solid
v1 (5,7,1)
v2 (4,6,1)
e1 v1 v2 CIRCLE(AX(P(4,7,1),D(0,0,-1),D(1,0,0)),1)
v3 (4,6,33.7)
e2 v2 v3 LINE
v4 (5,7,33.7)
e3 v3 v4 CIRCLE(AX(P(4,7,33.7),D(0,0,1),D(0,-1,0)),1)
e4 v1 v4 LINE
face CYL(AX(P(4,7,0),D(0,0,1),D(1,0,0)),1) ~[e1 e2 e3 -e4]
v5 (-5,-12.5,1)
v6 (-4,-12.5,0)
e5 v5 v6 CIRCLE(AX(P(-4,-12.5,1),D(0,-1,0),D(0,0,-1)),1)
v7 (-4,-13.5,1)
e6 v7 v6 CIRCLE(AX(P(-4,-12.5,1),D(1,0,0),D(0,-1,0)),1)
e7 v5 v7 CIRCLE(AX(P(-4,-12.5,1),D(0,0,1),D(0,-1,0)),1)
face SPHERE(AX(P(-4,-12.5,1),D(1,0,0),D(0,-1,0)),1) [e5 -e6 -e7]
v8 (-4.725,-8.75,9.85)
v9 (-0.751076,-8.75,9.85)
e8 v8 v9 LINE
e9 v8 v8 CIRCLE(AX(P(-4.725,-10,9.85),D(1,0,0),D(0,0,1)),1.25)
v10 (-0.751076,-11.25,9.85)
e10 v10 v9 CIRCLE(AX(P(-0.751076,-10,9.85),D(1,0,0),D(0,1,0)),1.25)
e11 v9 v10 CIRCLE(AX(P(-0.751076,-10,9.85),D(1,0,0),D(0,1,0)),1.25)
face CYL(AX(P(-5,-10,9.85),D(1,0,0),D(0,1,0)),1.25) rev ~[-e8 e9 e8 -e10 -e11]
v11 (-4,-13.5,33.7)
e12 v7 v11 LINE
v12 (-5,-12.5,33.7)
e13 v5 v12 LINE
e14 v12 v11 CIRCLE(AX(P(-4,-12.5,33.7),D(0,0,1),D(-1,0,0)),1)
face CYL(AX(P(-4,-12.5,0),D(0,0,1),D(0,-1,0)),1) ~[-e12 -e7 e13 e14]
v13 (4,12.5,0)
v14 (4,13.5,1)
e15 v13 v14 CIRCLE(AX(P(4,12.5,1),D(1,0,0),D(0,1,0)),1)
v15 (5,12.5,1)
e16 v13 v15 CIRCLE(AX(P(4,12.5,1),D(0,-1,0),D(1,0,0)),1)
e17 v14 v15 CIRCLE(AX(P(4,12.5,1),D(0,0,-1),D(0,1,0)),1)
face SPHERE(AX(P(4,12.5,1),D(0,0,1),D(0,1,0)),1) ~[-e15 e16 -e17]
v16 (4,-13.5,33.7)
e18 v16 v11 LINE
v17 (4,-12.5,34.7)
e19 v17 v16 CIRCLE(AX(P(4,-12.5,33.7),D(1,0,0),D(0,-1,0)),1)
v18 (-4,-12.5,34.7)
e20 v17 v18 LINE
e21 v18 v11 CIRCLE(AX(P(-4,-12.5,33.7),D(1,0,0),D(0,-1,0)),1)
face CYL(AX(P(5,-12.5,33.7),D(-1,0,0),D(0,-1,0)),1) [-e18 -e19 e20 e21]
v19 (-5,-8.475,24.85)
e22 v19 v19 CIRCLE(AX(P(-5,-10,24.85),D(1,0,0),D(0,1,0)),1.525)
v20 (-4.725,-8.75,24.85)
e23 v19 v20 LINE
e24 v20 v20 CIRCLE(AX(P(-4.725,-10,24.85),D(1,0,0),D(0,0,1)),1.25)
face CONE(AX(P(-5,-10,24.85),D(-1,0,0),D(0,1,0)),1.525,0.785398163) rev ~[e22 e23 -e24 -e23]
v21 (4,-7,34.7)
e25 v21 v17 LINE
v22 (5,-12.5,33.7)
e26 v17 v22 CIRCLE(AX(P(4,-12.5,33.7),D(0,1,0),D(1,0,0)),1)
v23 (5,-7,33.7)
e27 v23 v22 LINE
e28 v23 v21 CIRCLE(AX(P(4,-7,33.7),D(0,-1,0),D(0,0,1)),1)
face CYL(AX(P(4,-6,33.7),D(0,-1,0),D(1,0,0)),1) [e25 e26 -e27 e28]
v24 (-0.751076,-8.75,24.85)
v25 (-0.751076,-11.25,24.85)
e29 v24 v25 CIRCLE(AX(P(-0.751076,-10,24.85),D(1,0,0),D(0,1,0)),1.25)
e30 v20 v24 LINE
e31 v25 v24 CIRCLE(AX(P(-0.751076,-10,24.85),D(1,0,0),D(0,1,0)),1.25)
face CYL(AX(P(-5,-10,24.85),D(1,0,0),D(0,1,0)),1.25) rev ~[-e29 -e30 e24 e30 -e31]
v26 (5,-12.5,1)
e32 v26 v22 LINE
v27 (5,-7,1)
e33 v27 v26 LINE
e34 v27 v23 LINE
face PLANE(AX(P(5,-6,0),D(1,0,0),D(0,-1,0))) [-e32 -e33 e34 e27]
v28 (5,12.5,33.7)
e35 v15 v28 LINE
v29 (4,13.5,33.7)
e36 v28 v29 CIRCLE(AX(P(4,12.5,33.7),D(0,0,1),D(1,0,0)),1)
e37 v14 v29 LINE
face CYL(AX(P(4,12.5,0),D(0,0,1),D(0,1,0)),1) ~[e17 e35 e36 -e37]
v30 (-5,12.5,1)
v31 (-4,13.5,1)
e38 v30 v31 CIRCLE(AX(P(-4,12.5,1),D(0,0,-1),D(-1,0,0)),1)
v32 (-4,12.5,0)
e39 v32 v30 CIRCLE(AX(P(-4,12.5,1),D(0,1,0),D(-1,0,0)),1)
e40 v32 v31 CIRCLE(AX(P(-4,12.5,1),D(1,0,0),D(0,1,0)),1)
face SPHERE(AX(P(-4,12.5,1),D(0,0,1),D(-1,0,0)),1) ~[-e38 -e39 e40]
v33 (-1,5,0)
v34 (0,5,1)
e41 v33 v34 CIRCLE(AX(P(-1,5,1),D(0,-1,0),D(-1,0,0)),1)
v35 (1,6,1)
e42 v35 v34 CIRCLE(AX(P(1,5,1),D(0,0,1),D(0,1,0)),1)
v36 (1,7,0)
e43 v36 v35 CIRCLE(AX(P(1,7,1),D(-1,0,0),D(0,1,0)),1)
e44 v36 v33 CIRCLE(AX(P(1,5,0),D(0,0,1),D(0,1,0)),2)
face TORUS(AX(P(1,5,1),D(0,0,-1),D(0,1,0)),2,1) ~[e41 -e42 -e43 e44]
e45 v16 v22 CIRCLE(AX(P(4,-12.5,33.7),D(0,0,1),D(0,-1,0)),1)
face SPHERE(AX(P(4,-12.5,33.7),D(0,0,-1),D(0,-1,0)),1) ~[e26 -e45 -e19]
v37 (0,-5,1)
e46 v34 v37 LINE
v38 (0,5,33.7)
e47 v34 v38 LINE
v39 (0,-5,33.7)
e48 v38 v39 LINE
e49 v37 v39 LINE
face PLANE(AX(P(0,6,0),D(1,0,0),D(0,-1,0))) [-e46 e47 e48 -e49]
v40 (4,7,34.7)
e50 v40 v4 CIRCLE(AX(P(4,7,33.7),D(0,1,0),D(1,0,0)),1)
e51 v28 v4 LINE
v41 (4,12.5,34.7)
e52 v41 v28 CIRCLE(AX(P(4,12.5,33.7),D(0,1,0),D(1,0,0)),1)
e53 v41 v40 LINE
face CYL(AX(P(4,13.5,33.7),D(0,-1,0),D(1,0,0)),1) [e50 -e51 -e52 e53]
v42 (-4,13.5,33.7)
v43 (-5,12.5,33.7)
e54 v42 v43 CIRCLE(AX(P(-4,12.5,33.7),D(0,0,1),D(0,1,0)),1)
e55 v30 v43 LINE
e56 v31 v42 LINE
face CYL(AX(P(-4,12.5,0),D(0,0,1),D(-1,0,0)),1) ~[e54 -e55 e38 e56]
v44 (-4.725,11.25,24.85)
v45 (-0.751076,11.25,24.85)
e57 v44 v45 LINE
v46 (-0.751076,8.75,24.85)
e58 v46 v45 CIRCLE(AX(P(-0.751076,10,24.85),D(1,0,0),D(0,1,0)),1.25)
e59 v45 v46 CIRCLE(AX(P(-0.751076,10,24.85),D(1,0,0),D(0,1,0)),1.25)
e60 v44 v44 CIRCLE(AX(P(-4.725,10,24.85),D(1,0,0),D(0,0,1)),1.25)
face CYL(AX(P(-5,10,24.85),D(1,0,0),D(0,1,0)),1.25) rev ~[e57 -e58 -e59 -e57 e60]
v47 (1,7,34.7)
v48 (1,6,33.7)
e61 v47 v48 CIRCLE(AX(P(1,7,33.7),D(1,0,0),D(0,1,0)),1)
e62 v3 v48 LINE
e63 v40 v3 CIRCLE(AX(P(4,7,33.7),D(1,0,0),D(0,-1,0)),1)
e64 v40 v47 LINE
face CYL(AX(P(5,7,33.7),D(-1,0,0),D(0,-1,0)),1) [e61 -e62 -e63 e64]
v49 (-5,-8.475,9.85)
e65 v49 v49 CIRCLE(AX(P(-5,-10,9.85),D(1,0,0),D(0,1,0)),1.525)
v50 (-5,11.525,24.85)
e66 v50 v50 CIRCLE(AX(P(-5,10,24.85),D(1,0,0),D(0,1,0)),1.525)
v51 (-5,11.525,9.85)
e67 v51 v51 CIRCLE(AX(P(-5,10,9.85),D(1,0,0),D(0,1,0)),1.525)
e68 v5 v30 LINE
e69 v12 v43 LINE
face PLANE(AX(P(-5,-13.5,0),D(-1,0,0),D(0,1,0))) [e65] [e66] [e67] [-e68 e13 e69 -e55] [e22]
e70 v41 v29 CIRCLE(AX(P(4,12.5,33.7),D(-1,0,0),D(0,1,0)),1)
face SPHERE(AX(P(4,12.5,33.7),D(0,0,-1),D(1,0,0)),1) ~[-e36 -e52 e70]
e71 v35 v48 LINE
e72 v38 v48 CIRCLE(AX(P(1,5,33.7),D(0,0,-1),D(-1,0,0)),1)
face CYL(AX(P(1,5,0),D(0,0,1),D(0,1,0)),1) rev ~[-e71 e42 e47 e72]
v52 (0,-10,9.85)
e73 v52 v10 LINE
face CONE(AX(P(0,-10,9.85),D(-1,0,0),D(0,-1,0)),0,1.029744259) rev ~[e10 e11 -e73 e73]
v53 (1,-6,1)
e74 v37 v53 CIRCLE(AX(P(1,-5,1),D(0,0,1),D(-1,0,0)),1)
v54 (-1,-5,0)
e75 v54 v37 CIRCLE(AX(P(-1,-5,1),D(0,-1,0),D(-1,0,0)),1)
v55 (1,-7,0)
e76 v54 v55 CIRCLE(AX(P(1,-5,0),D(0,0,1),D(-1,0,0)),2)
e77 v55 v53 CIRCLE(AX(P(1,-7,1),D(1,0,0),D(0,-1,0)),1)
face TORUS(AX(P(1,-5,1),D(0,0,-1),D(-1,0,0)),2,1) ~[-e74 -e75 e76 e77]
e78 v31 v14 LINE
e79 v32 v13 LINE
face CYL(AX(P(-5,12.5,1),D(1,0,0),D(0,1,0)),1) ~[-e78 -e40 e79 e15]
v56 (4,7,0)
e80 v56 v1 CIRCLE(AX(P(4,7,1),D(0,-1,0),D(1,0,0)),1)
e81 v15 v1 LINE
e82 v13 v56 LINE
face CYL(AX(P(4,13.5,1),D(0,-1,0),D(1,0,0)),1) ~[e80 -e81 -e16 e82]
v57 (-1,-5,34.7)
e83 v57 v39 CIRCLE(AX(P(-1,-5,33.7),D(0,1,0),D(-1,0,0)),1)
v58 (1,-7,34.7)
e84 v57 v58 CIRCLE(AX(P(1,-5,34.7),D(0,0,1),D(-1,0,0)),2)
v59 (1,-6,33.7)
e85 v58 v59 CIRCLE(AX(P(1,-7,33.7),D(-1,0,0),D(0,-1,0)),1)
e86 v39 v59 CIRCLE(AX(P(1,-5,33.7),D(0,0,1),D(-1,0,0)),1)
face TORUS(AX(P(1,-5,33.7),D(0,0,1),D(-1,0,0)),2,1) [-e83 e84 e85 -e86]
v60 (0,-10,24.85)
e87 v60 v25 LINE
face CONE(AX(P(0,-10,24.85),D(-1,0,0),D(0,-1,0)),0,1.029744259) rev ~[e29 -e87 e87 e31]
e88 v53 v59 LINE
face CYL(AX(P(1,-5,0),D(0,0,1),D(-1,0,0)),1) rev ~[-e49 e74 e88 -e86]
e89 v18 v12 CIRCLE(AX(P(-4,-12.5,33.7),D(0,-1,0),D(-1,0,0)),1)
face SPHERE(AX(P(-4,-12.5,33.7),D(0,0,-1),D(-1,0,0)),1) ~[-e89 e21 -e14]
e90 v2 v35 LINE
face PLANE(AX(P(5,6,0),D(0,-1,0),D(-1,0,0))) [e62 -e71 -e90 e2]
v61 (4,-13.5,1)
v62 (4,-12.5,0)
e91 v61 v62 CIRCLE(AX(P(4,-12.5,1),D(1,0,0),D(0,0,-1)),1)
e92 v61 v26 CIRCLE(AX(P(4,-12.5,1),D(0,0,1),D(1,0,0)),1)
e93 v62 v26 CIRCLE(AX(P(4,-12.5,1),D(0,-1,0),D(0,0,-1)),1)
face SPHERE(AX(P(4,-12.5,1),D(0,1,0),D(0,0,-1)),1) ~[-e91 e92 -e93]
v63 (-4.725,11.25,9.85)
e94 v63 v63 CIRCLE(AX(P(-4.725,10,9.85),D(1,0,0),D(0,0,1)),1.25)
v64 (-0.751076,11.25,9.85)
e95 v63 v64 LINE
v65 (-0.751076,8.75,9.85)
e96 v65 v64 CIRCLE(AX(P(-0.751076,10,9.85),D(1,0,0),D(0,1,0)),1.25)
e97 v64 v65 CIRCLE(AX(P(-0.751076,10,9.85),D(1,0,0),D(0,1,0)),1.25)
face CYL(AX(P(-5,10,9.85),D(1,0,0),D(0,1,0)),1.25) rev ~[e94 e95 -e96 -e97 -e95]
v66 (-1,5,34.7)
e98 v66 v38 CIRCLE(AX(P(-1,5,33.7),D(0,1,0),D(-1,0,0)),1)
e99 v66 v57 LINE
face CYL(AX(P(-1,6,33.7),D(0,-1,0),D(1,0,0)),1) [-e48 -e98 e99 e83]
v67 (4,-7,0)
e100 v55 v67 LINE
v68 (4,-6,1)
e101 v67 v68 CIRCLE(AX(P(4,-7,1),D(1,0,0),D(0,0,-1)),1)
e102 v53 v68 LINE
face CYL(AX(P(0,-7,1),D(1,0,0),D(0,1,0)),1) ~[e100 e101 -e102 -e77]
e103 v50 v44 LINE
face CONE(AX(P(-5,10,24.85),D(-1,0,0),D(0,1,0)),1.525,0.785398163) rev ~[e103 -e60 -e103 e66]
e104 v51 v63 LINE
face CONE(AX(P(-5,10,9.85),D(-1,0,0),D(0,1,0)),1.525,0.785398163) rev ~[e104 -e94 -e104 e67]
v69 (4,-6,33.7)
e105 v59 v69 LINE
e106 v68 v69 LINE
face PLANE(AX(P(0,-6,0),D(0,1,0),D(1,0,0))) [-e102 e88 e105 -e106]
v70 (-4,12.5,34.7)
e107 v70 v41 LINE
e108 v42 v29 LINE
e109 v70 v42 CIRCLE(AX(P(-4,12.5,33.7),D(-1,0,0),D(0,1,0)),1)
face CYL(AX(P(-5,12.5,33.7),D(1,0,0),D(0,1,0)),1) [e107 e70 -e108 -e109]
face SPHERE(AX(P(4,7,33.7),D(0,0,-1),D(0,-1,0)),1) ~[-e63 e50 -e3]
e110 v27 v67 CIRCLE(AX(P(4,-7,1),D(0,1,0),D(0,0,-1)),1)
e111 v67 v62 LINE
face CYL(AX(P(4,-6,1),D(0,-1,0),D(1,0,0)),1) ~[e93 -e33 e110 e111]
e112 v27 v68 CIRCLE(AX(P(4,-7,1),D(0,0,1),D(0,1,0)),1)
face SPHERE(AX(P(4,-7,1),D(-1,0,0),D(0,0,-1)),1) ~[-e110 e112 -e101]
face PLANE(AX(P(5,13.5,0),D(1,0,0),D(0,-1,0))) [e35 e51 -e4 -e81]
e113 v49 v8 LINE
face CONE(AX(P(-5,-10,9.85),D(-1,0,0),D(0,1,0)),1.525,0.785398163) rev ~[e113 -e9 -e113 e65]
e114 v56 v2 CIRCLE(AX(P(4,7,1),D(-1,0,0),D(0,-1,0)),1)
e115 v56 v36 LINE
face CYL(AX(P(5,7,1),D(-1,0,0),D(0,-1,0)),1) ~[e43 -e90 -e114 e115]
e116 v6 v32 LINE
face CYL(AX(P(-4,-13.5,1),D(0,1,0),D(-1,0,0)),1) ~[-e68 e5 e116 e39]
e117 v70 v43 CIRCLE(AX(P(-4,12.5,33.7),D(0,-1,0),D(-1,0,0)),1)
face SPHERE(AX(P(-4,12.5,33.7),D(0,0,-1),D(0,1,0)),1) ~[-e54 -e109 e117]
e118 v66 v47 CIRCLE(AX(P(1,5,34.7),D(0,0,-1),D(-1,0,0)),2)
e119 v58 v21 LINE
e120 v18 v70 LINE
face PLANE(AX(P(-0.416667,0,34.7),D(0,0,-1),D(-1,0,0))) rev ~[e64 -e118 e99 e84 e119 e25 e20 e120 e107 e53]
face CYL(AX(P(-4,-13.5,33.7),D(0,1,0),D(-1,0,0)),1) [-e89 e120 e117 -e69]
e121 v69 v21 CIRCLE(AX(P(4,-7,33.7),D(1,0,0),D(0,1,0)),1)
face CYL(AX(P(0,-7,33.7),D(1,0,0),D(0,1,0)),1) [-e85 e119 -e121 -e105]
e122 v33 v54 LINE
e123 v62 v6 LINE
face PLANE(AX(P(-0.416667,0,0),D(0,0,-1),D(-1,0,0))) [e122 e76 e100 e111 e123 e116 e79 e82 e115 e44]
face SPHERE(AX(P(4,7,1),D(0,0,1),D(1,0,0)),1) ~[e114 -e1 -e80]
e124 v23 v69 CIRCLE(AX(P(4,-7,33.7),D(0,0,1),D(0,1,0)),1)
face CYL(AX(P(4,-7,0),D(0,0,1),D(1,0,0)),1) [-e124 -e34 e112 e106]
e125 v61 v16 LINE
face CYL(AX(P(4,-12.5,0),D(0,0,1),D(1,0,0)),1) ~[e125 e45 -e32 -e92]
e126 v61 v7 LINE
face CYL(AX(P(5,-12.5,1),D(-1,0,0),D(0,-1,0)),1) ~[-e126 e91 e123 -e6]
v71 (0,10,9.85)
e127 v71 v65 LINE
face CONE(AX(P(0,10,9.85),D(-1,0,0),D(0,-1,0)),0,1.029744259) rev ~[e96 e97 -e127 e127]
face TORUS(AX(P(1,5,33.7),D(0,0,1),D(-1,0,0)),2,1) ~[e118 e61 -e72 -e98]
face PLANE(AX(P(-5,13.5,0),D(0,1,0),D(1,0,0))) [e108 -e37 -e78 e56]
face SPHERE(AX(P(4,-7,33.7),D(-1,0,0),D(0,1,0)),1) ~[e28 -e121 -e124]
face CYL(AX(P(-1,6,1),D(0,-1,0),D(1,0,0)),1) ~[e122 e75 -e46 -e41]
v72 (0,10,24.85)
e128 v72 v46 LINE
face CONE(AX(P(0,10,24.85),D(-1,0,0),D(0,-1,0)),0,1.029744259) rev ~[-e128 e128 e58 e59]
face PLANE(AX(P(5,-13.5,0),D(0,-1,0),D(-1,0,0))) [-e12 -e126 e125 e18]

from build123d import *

# Parameters (mm, degrees)
BOSS_EXTRUDE1_DEPTH         = 34.7
FILLET1_R                   = 1
M3_TAPPED_HOLE2_D           = 2.5
M3_TAPPED_HOLE2_DEPTH       = 4.248924226
M3_TAPPED_HOLE2_CSINK_D     = 3.05
M3_TAPPED_HOLE2_CSINK_ANGLE = 90
M3_TAPPED_HOLE2_TIP         = 0.751075774


with BuildPart() as part:
    # Sketch1 → Boss-Extrude1 (new body)
    with BuildSketch(Plane.XY):
        Polygon((5, -6), (5, -13.5), (-5, -13.5), (-5, 13.5), (5, 13.5), (5, 6), (0, 6), (0, -6), align=None)
    extrude(amount=BOSS_EXTRUDE1_DEPTH)

    # Fillet1
    fillet1_edges = [part.edges().sort_by_distance(p)[0] for p in [
        (0, 0, 0),
        (2.5, -6, 0),
        (5, -9.75, 0),
        (0, -13.5, 0),
        (2.5, -6, 34.7),
        (-5, -13.5, 17.35),
        (-5, 13.5, 17.35),
        (5, 13.5, 17.35),
        (5, 6, 17.35),
        (0, 6, 17.35),
        (0, -6, 17.35),
        (5, -6, 17.35),
        (5, -13.5, 17.35),
        (0, 0, 34.7),
        (2.5, 6, 34.7),
        (5, 9.75, 34.7),
        (0, 13.5, 34.7),
        (-5, 0, 34.7),
        (0, -13.5, 34.7),
        (-5, 0, 0),
        (5, -9.75, 34.7),
        (0, 13.5, 0),
        (5, 9.75, 0),
        (2.5, 6, 0),
    ]]
    fillet(fillet1_edges, radius=FILLET1_R)

    # M3 Tapped Hole2
    with Locations(Plane(origin=(-5, 10, 9.85), x_dir=(0, -1, 0), z_dir=(-1, 0, 0))):
        with Locations((0, 0), (0, 15), (20, 15), (20, 0)):
            CounterSinkHole(M3_TAPPED_HOLE2_D / 2, M3_TAPPED_HOLE2_CSINK_D / 2, depth=M3_TAPPED_HOLE2_DEPTH, counter_sink_angle=M3_TAPPED_HOLE2_CSINK_ANGLE)
            with Locations((0, 0, -(M3_TAPPED_HOLE2_DEPTH + M3_TAPPED_HOLE2_TIP / 2))):  # 118° drill point
                Cone(0, M3_TAPPED_HOLE2_D / 2, M3_TAPPED_HOLE2_TIP, mode=Mode.SUBTRACT)


solid = part.part
